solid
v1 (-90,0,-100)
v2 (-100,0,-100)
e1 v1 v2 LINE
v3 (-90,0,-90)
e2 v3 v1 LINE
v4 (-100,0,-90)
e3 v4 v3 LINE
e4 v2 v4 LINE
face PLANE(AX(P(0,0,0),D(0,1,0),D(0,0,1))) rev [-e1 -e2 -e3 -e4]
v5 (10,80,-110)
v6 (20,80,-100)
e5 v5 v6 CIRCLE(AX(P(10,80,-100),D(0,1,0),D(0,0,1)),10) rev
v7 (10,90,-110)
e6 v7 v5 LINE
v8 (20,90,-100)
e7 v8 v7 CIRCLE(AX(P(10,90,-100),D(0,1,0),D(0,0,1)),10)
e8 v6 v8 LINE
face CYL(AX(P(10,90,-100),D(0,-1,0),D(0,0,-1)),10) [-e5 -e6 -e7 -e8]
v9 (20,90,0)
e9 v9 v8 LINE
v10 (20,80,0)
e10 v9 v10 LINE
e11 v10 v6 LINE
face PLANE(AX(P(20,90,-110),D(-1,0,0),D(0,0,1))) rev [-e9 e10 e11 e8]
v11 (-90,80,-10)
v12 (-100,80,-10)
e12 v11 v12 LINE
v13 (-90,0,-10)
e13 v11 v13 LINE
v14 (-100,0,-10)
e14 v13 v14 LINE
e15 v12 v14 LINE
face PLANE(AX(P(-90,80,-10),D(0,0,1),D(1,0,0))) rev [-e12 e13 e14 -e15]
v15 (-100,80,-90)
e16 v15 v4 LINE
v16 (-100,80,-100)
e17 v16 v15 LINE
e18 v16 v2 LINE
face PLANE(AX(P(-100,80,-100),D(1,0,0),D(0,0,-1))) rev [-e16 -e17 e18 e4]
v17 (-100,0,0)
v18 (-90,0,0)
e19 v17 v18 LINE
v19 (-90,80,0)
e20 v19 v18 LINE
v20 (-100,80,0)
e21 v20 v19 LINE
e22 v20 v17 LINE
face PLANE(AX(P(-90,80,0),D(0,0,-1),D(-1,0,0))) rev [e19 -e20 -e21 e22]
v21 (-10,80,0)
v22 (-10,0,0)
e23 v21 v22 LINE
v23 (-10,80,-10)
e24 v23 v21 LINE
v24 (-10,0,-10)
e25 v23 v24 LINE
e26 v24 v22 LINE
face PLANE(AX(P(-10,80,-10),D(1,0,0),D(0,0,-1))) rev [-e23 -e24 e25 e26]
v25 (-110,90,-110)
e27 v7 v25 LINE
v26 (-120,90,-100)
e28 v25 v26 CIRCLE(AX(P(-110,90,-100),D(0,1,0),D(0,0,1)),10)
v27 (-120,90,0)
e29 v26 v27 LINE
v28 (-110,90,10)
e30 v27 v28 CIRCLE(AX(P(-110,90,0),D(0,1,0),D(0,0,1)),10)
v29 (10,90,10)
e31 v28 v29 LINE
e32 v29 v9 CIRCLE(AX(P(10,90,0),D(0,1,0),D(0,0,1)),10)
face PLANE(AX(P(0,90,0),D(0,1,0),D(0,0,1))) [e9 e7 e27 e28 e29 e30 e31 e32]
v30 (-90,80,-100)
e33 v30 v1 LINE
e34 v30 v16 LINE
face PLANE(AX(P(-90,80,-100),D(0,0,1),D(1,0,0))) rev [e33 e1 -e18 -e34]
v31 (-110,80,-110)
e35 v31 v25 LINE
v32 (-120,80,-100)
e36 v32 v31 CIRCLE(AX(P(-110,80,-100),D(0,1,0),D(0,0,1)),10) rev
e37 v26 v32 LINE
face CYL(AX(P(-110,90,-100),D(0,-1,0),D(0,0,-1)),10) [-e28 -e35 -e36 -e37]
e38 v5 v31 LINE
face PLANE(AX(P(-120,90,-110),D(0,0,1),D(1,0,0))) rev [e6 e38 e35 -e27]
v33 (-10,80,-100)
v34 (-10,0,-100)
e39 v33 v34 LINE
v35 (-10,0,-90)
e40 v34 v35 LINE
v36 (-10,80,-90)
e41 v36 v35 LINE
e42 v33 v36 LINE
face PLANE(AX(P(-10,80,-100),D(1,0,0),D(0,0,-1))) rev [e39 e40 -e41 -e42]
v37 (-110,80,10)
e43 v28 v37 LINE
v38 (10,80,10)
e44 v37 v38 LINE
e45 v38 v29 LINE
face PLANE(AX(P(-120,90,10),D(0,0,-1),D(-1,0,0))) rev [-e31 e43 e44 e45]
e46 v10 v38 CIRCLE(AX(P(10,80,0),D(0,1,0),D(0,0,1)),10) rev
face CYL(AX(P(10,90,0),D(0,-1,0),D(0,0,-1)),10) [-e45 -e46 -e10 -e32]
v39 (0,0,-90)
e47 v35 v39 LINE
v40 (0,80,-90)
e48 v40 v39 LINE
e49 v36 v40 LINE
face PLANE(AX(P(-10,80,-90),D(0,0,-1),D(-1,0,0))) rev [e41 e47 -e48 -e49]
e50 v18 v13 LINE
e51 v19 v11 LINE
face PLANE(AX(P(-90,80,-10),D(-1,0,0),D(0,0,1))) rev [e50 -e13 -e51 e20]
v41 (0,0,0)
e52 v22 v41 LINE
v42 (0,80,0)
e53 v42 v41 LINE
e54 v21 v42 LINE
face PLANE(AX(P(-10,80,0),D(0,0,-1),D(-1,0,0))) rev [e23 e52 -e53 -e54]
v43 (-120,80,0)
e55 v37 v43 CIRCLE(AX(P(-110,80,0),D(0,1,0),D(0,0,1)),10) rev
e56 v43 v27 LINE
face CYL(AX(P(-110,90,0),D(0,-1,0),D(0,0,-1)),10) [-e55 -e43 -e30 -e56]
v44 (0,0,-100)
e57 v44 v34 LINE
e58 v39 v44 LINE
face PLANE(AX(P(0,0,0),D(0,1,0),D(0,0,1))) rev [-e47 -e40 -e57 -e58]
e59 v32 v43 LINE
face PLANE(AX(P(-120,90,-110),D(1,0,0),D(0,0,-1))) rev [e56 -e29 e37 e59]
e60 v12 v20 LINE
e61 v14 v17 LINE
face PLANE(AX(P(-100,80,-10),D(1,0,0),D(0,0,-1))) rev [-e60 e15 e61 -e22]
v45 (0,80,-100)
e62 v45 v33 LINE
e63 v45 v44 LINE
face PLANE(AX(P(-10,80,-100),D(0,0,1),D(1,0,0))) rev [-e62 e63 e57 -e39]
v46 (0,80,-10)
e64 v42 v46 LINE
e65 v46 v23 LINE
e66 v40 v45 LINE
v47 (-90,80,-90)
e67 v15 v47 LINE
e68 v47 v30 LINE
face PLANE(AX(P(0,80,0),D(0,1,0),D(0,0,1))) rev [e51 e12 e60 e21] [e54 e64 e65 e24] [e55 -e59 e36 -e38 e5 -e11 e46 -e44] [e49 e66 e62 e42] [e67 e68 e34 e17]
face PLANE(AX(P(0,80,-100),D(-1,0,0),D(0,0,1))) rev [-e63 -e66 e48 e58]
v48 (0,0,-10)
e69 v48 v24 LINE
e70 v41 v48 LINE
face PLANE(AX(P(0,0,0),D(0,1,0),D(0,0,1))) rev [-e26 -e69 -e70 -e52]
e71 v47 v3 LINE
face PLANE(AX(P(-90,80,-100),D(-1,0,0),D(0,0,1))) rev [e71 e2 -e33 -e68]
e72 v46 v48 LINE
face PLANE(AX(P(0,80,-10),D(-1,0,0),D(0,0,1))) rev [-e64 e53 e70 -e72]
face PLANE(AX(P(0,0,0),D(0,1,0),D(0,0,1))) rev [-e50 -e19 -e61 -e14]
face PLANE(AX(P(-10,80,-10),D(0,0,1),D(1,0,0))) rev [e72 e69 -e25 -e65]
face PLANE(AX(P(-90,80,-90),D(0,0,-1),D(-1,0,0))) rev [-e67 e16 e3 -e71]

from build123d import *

# Parameters (mm, degrees)
SKETCH1_W             = 10
SKETCH1_H             = 10
BOSS_EXTRUDE1_DEPTH   = 80
BOSS_EXTRUDE1_2_DEPTH = 80
BOSS_EXTRUDE1_3_DEPTH = 80
BOSS_EXTRUDE1_4_DEPTH = 80
SKETCH2_W             = 140
SKETCH2_H             = 120
BOSS_EXTRUDE2_DEPTH   = 10
FILLET1_R             = 10


with BuildPart() as part:
    # Sketch1 → Boss-Extrude1 (new body)
    with BuildSketch(Plane(origin=(0, 0, 0), x_dir=(1, 0, 0), z_dir=(0, 1, 0))):
        with Locations((-5, 95)):
            Rectangle(SKETCH1_W, SKETCH1_H)
    extrude(amount=BOSS_EXTRUDE1_DEPTH)



with BuildPart() as body_2:
    # Sketch1 → Boss-Extrude1 2 (new body)
    with BuildSketch(Plane(origin=(0, 0, 0), x_dir=(1, 0, 0), z_dir=(0, 1, 0))):
        with Locations((-5, 5)):
            Rectangle(SKETCH1_W, SKETCH1_H)
    extrude(amount=BOSS_EXTRUDE1_2_DEPTH)


with BuildPart() as body_3:
    # Sketch1 → Boss-Extrude1 3 (new body)
    with BuildSketch(Plane(origin=(0, 0, 0), x_dir=(1, 0, 0), z_dir=(0, 1, 0))):
        with Locations((-95, 5)):
            Rectangle(SKETCH1_W, SKETCH1_H)
    extrude(amount=BOSS_EXTRUDE1_3_DEPTH)


with BuildPart() as body_4:
    # Sketch1 → Boss-Extrude1 4 (new body)
    with BuildSketch(Plane(origin=(0, 0, 0), x_dir=(1, 0, 0), z_dir=(0, 1, 0))):
        with Locations((-95, 95)):
            Rectangle(SKETCH1_W, SKETCH1_H)
    extrude(amount=BOSS_EXTRUDE1_4_DEPTH)


with BuildPart() as part_1:
    add(part.part)

    add(body_2.part)  # Boss-Extrude2 merges body 2

    add(body_3.part)  # Boss-Extrude2 merges body 3

    add(body_4.part)  # Boss-Extrude2 merges body 4
    # Sketch2 → Boss-Extrude2 (add)
    with BuildSketch(Plane(origin=(0, 80, 0), x_dir=(1, 0, 0), z_dir=(0, 1, 0))):
        with Locations((-50, 50)):
            Rectangle(SKETCH2_W, SKETCH2_H)
    extrude(amount=BOSS_EXTRUDE2_DEPTH)

    # Fillet1
    fillet1_edges = [part_1.edges().sort_by_distance(p)[0] for p in [
        (-120, 85, -110),
        (-120, 85, 10),
        (20, 85, 10),
        (20, 85, -110),
    ]]
    fillet(fillet1_edges, radius=FILLET1_R)


solid = part_1.part
